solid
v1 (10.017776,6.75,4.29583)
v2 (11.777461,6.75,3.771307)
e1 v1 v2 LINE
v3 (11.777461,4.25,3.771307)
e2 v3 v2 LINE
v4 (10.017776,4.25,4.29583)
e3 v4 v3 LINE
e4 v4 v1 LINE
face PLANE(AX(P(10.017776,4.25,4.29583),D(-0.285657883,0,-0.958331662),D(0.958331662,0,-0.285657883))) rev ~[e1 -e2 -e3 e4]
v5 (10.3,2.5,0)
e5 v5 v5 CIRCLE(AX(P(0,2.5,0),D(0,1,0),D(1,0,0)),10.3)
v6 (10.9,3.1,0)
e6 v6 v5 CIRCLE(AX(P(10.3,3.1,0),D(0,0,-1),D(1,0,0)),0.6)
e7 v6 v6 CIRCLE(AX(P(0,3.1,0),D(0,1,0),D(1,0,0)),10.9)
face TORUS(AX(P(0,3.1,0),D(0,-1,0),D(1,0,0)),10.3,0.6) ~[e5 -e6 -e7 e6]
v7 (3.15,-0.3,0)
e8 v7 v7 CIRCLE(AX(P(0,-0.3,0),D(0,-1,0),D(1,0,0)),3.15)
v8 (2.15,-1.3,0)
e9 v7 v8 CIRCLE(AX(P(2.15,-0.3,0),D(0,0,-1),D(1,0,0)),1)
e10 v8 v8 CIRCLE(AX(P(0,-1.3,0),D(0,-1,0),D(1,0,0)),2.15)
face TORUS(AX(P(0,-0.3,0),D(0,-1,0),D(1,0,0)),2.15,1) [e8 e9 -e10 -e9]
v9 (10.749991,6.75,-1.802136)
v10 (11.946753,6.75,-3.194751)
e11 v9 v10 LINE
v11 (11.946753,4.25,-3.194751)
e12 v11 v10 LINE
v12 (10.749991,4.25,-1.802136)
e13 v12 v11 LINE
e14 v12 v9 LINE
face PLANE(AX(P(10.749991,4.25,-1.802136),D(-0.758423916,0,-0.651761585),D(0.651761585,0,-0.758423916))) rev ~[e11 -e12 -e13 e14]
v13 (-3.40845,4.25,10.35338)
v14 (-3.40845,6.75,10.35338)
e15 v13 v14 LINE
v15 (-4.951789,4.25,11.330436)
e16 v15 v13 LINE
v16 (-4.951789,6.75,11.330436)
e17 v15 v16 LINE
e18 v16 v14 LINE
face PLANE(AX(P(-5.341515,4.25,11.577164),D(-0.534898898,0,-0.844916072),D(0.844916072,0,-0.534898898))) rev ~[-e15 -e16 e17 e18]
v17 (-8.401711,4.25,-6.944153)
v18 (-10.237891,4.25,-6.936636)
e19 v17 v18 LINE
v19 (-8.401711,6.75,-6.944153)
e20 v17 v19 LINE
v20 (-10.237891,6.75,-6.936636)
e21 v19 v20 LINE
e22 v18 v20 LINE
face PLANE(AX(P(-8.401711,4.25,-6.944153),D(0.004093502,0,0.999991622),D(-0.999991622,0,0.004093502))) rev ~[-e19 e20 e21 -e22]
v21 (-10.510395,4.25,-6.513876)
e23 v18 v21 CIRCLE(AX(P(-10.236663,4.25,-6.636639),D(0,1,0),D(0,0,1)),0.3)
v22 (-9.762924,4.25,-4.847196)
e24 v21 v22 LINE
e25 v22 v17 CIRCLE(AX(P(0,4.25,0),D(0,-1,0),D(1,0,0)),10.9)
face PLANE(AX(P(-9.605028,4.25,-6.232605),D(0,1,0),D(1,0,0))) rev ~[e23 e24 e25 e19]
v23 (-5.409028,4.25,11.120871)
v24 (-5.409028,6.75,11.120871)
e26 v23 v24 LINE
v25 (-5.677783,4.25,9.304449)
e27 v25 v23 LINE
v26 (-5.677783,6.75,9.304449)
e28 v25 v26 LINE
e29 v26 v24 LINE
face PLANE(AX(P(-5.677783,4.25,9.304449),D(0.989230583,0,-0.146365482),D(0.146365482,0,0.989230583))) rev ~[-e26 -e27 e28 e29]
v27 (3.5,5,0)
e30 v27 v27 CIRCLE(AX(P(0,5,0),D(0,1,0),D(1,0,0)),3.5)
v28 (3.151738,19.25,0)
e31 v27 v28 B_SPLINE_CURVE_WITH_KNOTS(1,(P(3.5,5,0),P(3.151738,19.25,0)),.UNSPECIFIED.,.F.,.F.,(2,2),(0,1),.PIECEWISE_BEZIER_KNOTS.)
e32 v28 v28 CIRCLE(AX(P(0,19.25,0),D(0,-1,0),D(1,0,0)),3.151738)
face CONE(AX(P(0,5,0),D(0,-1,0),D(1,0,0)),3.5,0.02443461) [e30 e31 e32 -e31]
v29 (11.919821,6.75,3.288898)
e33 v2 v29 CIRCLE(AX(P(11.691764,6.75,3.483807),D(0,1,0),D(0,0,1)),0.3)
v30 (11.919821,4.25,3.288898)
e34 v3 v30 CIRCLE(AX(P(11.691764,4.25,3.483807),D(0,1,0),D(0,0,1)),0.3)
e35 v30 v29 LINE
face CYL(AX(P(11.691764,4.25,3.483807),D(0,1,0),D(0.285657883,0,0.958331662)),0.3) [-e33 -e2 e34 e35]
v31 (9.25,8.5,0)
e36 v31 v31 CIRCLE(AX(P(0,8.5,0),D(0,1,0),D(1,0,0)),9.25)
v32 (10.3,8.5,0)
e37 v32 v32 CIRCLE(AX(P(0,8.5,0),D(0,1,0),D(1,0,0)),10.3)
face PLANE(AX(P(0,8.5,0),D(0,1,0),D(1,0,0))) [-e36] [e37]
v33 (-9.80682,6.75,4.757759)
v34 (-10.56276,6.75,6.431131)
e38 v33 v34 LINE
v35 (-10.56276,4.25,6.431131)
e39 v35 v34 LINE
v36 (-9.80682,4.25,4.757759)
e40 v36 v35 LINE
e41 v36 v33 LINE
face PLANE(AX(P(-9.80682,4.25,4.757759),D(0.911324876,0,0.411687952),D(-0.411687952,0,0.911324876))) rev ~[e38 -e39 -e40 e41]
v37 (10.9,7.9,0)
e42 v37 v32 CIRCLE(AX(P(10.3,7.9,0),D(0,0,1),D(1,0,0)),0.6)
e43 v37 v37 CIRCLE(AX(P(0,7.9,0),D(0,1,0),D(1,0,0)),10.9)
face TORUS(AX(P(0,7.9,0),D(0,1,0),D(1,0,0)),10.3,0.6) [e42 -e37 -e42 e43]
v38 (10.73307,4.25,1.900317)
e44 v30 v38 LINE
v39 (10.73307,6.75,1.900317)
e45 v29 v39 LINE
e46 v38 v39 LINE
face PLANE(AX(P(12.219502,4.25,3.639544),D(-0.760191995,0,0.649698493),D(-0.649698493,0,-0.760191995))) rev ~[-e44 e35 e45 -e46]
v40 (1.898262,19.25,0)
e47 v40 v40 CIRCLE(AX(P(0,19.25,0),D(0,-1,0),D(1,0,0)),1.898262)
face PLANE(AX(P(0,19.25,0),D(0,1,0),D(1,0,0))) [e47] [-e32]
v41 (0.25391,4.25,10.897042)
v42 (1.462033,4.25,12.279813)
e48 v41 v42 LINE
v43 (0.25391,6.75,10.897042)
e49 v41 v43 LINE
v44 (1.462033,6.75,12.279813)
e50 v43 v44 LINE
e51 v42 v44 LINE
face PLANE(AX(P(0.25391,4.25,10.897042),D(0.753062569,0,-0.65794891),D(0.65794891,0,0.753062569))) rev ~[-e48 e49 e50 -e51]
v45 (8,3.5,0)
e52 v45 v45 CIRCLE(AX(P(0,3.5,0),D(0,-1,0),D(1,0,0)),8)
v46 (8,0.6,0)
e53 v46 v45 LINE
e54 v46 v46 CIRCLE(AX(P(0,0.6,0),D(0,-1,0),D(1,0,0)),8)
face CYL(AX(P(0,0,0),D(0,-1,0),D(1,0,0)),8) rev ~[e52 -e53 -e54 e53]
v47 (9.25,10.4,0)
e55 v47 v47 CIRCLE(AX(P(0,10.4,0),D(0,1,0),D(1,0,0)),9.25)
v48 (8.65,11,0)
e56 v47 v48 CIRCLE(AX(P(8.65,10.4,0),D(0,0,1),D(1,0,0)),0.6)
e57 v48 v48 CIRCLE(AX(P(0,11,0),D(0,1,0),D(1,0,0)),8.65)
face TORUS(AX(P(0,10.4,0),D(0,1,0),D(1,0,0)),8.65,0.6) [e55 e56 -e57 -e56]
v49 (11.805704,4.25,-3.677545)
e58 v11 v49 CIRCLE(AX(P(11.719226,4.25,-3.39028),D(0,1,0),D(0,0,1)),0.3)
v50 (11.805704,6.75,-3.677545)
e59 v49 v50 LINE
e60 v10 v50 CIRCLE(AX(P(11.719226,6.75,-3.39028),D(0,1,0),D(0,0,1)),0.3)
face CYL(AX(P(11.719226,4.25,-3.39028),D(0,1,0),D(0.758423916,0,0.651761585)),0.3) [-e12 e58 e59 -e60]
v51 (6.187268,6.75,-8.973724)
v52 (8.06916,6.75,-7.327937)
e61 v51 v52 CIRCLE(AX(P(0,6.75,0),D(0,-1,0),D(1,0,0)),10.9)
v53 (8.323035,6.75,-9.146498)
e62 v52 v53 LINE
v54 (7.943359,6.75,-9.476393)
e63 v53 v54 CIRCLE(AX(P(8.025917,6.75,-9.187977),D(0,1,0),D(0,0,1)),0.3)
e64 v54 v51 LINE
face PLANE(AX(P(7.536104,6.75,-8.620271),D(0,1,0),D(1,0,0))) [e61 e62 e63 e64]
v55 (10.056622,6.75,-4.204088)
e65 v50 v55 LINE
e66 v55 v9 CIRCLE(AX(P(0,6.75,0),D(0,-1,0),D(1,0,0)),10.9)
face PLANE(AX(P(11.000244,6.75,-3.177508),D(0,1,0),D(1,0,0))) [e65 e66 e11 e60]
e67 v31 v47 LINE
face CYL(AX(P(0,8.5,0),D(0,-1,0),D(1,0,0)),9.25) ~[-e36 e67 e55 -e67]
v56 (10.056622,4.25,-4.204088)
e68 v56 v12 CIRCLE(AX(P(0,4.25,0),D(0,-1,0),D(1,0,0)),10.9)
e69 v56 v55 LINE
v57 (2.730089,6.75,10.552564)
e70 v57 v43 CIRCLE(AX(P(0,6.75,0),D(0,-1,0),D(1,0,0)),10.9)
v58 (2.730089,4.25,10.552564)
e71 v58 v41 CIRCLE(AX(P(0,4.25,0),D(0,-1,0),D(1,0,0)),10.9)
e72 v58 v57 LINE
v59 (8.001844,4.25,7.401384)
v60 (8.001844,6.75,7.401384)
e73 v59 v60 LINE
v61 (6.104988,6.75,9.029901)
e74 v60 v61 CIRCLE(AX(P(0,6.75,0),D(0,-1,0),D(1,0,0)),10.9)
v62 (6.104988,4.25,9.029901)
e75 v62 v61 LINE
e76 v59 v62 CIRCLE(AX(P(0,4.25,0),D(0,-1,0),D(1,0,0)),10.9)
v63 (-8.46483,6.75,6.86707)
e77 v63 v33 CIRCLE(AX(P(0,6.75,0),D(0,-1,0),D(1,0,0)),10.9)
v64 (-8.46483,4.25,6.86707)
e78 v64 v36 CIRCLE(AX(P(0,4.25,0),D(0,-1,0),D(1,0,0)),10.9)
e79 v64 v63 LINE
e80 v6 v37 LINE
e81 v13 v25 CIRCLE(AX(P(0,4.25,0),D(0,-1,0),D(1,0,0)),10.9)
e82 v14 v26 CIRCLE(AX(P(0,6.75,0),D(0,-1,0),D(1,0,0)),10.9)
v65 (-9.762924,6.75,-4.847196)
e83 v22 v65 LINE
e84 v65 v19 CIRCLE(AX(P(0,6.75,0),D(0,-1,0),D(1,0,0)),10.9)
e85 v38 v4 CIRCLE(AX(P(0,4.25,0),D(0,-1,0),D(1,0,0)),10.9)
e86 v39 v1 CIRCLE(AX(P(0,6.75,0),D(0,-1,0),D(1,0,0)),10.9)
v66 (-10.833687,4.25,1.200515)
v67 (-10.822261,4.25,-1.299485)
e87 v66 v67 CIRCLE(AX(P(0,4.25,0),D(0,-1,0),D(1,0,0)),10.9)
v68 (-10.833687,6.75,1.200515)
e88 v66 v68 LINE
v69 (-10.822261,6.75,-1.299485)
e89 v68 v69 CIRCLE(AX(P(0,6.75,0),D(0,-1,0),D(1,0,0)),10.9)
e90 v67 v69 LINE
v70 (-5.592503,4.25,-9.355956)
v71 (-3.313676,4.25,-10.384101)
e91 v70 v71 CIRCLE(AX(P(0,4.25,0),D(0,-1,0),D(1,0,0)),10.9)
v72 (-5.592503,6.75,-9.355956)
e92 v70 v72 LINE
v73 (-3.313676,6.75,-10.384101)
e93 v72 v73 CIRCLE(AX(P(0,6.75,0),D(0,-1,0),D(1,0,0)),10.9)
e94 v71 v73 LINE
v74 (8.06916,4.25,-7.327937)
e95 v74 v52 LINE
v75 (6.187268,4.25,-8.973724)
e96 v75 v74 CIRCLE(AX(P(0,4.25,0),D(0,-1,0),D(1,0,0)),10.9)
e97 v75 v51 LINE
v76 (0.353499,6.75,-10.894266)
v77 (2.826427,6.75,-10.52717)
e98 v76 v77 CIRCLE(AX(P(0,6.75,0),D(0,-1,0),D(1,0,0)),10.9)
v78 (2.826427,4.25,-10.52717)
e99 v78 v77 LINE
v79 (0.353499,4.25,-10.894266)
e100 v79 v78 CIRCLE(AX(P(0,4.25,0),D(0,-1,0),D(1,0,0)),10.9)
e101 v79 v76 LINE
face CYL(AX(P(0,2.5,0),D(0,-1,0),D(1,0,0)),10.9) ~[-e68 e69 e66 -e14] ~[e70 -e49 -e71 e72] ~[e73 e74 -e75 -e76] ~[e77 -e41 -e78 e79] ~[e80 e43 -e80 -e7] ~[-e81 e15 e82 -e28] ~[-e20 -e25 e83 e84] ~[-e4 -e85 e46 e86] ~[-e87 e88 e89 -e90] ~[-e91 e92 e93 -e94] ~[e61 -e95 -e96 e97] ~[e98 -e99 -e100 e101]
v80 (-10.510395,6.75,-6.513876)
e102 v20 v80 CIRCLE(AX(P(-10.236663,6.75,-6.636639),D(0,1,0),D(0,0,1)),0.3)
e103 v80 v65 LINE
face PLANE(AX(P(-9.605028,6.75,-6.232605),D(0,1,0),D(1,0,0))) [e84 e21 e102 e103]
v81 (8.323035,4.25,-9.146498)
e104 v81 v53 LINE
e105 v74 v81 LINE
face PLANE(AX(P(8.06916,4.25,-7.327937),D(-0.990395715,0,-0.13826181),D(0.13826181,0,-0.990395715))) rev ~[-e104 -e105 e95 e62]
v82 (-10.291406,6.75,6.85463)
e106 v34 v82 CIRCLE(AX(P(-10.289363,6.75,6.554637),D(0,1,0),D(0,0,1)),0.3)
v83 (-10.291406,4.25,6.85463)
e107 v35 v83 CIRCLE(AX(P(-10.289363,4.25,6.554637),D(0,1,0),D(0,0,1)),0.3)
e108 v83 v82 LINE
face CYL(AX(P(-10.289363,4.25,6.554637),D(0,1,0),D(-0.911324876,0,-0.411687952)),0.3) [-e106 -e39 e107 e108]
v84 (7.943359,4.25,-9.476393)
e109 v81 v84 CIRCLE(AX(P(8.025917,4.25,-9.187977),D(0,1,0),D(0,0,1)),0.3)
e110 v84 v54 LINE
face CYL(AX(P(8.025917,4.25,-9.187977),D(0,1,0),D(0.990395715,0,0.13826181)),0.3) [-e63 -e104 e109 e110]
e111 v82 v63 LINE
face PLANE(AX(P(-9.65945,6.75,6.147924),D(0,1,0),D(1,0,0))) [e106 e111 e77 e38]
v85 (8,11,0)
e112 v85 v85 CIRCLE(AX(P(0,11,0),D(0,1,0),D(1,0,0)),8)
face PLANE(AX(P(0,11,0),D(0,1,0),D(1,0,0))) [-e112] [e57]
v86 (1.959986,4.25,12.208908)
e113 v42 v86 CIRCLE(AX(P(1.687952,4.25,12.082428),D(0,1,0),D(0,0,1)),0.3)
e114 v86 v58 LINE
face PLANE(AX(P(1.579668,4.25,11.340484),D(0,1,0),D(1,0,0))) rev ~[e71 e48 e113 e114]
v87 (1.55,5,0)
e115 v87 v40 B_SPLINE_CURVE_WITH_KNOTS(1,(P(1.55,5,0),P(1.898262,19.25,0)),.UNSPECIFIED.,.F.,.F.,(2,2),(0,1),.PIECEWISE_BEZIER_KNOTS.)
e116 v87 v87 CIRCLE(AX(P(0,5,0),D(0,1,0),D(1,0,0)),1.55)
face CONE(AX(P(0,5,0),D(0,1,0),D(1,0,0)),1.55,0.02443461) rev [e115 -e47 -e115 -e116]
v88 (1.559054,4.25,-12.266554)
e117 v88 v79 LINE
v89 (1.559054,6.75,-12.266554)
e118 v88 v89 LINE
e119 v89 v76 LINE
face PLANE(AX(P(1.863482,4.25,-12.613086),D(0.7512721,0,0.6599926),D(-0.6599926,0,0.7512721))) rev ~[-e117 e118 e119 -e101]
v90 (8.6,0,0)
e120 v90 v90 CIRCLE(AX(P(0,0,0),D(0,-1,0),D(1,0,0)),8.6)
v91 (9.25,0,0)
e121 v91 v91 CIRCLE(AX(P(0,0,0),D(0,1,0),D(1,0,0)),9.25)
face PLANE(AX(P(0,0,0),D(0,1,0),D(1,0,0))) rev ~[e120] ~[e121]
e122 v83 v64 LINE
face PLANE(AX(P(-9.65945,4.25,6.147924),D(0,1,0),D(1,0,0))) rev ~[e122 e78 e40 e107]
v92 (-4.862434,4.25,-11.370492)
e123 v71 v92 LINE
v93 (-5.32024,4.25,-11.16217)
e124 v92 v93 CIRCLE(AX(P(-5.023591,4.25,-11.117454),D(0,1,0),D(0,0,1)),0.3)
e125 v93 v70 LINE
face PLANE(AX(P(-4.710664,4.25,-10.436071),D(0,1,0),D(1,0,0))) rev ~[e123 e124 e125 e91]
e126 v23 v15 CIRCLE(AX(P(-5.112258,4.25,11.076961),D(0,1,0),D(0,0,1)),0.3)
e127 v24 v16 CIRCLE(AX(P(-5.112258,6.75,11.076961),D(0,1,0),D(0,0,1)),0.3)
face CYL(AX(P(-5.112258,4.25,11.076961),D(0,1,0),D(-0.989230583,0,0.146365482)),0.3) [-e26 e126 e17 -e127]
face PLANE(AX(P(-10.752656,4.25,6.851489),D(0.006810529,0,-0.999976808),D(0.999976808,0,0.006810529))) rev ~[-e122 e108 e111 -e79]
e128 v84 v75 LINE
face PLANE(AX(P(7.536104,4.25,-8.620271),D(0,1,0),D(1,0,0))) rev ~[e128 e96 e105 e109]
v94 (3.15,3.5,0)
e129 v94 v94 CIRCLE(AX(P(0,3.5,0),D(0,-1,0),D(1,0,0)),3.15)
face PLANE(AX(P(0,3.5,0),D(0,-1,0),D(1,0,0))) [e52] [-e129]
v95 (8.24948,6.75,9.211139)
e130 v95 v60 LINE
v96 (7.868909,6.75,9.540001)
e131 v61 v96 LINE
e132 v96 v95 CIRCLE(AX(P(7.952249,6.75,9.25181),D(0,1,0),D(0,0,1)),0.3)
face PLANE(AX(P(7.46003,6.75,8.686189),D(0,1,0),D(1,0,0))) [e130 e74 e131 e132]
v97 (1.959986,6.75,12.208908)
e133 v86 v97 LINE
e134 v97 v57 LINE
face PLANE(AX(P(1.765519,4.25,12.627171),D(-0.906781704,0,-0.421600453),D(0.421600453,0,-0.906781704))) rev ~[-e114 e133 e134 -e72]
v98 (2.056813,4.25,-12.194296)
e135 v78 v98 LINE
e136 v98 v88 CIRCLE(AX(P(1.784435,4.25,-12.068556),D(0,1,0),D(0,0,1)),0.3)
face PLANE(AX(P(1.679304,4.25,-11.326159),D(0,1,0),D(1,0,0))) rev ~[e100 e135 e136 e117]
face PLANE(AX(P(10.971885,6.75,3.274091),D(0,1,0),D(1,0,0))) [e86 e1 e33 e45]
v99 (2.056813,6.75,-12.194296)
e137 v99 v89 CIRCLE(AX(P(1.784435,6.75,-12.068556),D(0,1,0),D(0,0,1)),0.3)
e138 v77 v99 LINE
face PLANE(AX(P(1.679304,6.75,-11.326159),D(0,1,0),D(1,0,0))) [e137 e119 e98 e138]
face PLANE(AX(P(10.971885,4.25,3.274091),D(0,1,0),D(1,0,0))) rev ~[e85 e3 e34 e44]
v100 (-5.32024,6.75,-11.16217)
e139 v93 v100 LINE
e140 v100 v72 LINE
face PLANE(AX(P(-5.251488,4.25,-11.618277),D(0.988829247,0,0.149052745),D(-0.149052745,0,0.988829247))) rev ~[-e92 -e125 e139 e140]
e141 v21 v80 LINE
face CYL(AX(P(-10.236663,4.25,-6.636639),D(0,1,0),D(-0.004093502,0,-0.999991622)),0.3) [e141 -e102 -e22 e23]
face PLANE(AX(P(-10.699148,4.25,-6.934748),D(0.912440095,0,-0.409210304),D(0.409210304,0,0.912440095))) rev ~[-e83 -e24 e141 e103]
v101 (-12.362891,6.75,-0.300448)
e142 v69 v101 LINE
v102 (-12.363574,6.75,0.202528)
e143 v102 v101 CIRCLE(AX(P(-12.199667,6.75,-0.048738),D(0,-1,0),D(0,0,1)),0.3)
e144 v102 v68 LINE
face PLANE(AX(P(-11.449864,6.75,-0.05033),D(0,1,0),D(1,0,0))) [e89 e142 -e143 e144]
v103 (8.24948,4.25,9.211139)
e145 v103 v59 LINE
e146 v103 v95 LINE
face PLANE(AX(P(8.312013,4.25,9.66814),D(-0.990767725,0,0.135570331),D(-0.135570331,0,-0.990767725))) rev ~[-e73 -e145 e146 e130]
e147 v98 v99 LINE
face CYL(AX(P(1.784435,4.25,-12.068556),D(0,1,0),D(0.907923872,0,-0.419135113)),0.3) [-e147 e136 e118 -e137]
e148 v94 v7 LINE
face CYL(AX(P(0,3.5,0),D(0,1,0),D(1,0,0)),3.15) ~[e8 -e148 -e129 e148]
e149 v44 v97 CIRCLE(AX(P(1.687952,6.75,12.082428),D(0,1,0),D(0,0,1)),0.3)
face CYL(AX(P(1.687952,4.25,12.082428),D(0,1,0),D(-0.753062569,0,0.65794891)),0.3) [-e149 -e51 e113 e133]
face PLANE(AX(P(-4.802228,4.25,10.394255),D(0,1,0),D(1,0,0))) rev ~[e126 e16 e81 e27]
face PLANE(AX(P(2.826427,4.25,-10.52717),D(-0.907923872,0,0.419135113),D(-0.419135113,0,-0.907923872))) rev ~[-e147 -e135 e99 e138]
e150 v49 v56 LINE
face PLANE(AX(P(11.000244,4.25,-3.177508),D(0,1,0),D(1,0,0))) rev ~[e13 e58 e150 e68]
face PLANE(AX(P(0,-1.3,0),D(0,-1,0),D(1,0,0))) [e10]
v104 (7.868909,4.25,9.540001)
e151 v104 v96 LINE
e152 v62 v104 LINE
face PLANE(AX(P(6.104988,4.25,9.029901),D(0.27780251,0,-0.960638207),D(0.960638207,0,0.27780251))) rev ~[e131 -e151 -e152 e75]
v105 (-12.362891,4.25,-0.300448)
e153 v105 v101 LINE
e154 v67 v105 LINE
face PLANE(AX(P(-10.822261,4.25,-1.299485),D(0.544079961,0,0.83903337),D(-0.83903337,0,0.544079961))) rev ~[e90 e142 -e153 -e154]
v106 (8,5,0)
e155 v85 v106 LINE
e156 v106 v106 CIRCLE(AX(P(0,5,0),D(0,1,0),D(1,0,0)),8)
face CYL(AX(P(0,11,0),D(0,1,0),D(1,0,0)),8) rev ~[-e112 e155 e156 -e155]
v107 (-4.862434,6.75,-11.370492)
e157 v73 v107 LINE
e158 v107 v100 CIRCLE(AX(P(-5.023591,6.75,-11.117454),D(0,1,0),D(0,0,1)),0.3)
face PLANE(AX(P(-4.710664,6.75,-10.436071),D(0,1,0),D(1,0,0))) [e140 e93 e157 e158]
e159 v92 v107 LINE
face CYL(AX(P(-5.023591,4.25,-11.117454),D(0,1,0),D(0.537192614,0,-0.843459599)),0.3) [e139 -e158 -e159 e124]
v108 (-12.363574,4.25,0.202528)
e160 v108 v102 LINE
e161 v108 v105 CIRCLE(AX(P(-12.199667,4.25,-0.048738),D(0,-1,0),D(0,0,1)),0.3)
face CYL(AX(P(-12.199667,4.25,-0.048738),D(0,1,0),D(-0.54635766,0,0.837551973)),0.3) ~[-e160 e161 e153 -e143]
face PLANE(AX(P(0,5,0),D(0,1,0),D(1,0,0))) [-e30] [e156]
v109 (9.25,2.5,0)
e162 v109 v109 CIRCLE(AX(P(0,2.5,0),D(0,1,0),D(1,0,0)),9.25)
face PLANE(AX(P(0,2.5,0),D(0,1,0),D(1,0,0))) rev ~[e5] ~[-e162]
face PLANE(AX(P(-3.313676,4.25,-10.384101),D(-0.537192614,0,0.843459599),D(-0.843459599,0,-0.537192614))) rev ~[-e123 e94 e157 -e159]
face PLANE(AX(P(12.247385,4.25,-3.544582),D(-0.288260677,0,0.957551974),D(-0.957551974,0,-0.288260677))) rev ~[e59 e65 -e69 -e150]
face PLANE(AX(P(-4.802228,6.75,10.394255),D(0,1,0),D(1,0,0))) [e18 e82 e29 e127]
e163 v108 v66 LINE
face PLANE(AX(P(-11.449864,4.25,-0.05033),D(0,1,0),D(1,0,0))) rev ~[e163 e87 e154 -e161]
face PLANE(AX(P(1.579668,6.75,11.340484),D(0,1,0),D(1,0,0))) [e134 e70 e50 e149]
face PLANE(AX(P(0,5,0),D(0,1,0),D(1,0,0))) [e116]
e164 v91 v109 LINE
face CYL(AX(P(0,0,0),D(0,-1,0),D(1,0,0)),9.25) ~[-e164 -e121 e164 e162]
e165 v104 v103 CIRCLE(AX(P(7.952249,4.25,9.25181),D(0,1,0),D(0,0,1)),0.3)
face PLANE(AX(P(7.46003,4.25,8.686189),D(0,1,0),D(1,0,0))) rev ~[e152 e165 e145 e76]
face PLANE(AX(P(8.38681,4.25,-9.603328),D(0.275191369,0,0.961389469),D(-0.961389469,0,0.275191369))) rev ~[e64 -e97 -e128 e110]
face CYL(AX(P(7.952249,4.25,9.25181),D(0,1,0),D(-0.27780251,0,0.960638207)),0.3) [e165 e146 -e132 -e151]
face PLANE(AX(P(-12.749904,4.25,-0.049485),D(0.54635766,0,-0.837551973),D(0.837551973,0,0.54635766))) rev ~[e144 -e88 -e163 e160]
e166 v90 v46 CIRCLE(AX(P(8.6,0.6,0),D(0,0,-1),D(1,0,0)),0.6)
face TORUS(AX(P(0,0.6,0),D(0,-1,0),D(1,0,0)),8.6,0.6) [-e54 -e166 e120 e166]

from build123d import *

# Parameters (mm, degrees)
SKETCH1_R           = 9.250000042
BOSS_EXTRUDE1_DEPTH = 2.5
SKETCH2_R           = 10.9
BOSS_EXTRUDE2_DEPTH = 6
SKETCH3_R           = 9.250000042
BOSS_EXTRUDE3_DEPTH = 2.5
SKETCH4_R           = 8
CUT_EXTRUDE1_DEPTH  = 3.5
SKETCH5_R           = 8
CUT_EXTRUDE2_DEPTH  = 6
SKETCH6_R           = 3.15
BOSS_EXTRUDE4_DEPTH = 4.8
SKETCH7_R           = 3.5
SKETCH7_R_2         = 1.55
BOSS_EXTRUDE5_DEPTH = 14.25
BOSS_EXTRUDE5_TAPER = 1.4
FILLET1_R           = 0.6
FILLET1_2_R         = 1
BOSS_EXTRUDE6_DEPTH = 2.5
FILLET2_R           = 0.3


with BuildPart() as part:
    # Sketch1 → Boss-Extrude1 (new body)
    with BuildSketch(Plane(origin=(0, 0, 0), x_dir=(1, 0, 0), z_dir=(0, 1, 0))):
        Circle(SKETCH1_R)
    extrude(amount=BOSS_EXTRUDE1_DEPTH)

    # Sketch2 → Boss-Extrude2 (add)
    with BuildSketch(Plane(origin=(0, 2.5, 0), x_dir=(1, 0, 0), z_dir=(0, 1, 0))):
        Circle(SKETCH2_R)
    extrude(amount=BOSS_EXTRUDE2_DEPTH)

    # Sketch3 → Boss-Extrude3 (add)
    with BuildSketch(Plane(origin=(0, 8.5, 0), x_dir=(1, 0, 0), z_dir=(0, 1, 0))):
        Circle(SKETCH3_R)
    extrude(amount=BOSS_EXTRUDE3_DEPTH)

    # Sketch4 → Cut-Extrude1 (cut)
    with BuildSketch(Plane.XZ):
        Circle(SKETCH4_R)
    extrude(amount=-CUT_EXTRUDE1_DEPTH, mode=Mode.SUBTRACT)

    # Sketch5 → Cut-Extrude2 (cut)
    with BuildSketch(Plane(origin=(0, 11, 0), x_dir=(1, 0, 0), z_dir=(0, 1, 0))):
        Circle(SKETCH5_R)
    extrude(amount=-CUT_EXTRUDE2_DEPTH, mode=Mode.SUBTRACT)

    # Sketch6 → Boss-Extrude4 (add)
    with BuildSketch(Plane.XZ.offset(-3.5)):
        Circle(SKETCH6_R)
    extrude(amount=BOSS_EXTRUDE4_DEPTH)

    # Sketch7 → Boss-Extrude5 (add)
    with BuildSketch(Plane(origin=(0, 5, 0), x_dir=(1, 0, 0), z_dir=(0, 1, 0))):
        Circle(SKETCH7_R)
        Circle(SKETCH7_R_2, mode=Mode.SUBTRACT)
    extrude(amount=BOSS_EXTRUDE5_DEPTH, taper=BOSS_EXTRUDE5_TAPER)

    # Fillet1
    fillet1_edges = [part.edges().sort_by_distance(p)[0] for p in [
        (-9.250000042, 11, 0),
        (-10.9, 8.5, 0),
        (-10.9, 2.5, 0),
        (-8, 0, 0),
    ]]
    fillet(fillet1_edges, radius=FILLET1_R)

    # Fillet1 2
    fillet1_2_edges = [part.edges().sort_by_distance(p)[0] for p in [
        (-3.15, -1.3, 0),
    ]]
    fillet(fillet1_2_edges, radius=FILLET1_2_R)

    # Sketch8 → Boss-Extrude6 (add)
    with BuildSketch(Plane(origin=(0, 4.25, 0), x_dir=(1, 0, 0), z_dir=(0, 1, 0))):
        Polygon((-12.749903868, 0.049485427), (-10.833686569, -1.200514613), (-10.822261202, 1.299485467), align=None)
        Polygon((-10.69914783, 6.93474824), (-9.762924301, 4.847196003), (-8.401710584, 6.944152883), align=None)
        Polygon((-5.251487953, 11.618277485), (-5.592502549, 9.355956137), (-3.313676219, 10.384100824), align=None)
        Polygon((1.863482244, 12.61308572), (0.353499247, 10.894266303), (2.826426932, 10.527170123), align=None)
        Polygon((8.386809995, 9.603328358), (6.18726753, 8.973723893), (8.069159502, 7.32793729), align=None)
        Polygon((12.247384832, 3.544582096), (10.056622089, 4.204087553), (10.749990945, 1.802136144), align=None)
        Polygon((12.21950152, -3.639543936), (10.733070192, -1.900316881), (10.017776218, -4.295830494), align=None)
        Polygon((8.312012814, -9.668140485), (8.001844345, -7.401384132), (6.104988325, -9.029901304), align=None)
        Polygon((1.76551877, -12.627170741), (2.730089457, -10.552564217), (0.253909774, -10.897042251), align=None)
        Polygon((-5.341515009, -11.577163507), (-3.408449544, -10.353379724), (-5.677783336, -9.304449279), align=None)
        Polygon((-10.752655514, -6.851488659), (-8.464829898, -6.867070322), (-9.806820355, -4.757759403), align=None)
    extrude(amount=BOSS_EXTRUDE6_DEPTH)

    # Fillet2
    fillet2_edges = [part.edges().sort_by_distance(p)[0] for p in [
        (12.247384832, 5.5, -3.544582096),
        (12.21950152, 5.5, 3.639543936),
        (8.312012814, 5.5, 9.668140485),
        (1.76551877, 5.5, 12.627170741),
        (-5.341515009, 5.5, 11.577163507),
        (-10.752655514, 5.5, 6.851488659),
        (-12.749903868, 5.5, -0.049485427),
        (-10.69914783, 5.5, -6.93474824),
        (-5.251487953, 5.5, -11.618277485),
        (1.863482244, 5.5, -12.61308572),
        (8.386809995, 5.5, -9.603328358),
    ]]
    fillet(fillet2_edges, radius=FILLET2_R)


solid = part.part
